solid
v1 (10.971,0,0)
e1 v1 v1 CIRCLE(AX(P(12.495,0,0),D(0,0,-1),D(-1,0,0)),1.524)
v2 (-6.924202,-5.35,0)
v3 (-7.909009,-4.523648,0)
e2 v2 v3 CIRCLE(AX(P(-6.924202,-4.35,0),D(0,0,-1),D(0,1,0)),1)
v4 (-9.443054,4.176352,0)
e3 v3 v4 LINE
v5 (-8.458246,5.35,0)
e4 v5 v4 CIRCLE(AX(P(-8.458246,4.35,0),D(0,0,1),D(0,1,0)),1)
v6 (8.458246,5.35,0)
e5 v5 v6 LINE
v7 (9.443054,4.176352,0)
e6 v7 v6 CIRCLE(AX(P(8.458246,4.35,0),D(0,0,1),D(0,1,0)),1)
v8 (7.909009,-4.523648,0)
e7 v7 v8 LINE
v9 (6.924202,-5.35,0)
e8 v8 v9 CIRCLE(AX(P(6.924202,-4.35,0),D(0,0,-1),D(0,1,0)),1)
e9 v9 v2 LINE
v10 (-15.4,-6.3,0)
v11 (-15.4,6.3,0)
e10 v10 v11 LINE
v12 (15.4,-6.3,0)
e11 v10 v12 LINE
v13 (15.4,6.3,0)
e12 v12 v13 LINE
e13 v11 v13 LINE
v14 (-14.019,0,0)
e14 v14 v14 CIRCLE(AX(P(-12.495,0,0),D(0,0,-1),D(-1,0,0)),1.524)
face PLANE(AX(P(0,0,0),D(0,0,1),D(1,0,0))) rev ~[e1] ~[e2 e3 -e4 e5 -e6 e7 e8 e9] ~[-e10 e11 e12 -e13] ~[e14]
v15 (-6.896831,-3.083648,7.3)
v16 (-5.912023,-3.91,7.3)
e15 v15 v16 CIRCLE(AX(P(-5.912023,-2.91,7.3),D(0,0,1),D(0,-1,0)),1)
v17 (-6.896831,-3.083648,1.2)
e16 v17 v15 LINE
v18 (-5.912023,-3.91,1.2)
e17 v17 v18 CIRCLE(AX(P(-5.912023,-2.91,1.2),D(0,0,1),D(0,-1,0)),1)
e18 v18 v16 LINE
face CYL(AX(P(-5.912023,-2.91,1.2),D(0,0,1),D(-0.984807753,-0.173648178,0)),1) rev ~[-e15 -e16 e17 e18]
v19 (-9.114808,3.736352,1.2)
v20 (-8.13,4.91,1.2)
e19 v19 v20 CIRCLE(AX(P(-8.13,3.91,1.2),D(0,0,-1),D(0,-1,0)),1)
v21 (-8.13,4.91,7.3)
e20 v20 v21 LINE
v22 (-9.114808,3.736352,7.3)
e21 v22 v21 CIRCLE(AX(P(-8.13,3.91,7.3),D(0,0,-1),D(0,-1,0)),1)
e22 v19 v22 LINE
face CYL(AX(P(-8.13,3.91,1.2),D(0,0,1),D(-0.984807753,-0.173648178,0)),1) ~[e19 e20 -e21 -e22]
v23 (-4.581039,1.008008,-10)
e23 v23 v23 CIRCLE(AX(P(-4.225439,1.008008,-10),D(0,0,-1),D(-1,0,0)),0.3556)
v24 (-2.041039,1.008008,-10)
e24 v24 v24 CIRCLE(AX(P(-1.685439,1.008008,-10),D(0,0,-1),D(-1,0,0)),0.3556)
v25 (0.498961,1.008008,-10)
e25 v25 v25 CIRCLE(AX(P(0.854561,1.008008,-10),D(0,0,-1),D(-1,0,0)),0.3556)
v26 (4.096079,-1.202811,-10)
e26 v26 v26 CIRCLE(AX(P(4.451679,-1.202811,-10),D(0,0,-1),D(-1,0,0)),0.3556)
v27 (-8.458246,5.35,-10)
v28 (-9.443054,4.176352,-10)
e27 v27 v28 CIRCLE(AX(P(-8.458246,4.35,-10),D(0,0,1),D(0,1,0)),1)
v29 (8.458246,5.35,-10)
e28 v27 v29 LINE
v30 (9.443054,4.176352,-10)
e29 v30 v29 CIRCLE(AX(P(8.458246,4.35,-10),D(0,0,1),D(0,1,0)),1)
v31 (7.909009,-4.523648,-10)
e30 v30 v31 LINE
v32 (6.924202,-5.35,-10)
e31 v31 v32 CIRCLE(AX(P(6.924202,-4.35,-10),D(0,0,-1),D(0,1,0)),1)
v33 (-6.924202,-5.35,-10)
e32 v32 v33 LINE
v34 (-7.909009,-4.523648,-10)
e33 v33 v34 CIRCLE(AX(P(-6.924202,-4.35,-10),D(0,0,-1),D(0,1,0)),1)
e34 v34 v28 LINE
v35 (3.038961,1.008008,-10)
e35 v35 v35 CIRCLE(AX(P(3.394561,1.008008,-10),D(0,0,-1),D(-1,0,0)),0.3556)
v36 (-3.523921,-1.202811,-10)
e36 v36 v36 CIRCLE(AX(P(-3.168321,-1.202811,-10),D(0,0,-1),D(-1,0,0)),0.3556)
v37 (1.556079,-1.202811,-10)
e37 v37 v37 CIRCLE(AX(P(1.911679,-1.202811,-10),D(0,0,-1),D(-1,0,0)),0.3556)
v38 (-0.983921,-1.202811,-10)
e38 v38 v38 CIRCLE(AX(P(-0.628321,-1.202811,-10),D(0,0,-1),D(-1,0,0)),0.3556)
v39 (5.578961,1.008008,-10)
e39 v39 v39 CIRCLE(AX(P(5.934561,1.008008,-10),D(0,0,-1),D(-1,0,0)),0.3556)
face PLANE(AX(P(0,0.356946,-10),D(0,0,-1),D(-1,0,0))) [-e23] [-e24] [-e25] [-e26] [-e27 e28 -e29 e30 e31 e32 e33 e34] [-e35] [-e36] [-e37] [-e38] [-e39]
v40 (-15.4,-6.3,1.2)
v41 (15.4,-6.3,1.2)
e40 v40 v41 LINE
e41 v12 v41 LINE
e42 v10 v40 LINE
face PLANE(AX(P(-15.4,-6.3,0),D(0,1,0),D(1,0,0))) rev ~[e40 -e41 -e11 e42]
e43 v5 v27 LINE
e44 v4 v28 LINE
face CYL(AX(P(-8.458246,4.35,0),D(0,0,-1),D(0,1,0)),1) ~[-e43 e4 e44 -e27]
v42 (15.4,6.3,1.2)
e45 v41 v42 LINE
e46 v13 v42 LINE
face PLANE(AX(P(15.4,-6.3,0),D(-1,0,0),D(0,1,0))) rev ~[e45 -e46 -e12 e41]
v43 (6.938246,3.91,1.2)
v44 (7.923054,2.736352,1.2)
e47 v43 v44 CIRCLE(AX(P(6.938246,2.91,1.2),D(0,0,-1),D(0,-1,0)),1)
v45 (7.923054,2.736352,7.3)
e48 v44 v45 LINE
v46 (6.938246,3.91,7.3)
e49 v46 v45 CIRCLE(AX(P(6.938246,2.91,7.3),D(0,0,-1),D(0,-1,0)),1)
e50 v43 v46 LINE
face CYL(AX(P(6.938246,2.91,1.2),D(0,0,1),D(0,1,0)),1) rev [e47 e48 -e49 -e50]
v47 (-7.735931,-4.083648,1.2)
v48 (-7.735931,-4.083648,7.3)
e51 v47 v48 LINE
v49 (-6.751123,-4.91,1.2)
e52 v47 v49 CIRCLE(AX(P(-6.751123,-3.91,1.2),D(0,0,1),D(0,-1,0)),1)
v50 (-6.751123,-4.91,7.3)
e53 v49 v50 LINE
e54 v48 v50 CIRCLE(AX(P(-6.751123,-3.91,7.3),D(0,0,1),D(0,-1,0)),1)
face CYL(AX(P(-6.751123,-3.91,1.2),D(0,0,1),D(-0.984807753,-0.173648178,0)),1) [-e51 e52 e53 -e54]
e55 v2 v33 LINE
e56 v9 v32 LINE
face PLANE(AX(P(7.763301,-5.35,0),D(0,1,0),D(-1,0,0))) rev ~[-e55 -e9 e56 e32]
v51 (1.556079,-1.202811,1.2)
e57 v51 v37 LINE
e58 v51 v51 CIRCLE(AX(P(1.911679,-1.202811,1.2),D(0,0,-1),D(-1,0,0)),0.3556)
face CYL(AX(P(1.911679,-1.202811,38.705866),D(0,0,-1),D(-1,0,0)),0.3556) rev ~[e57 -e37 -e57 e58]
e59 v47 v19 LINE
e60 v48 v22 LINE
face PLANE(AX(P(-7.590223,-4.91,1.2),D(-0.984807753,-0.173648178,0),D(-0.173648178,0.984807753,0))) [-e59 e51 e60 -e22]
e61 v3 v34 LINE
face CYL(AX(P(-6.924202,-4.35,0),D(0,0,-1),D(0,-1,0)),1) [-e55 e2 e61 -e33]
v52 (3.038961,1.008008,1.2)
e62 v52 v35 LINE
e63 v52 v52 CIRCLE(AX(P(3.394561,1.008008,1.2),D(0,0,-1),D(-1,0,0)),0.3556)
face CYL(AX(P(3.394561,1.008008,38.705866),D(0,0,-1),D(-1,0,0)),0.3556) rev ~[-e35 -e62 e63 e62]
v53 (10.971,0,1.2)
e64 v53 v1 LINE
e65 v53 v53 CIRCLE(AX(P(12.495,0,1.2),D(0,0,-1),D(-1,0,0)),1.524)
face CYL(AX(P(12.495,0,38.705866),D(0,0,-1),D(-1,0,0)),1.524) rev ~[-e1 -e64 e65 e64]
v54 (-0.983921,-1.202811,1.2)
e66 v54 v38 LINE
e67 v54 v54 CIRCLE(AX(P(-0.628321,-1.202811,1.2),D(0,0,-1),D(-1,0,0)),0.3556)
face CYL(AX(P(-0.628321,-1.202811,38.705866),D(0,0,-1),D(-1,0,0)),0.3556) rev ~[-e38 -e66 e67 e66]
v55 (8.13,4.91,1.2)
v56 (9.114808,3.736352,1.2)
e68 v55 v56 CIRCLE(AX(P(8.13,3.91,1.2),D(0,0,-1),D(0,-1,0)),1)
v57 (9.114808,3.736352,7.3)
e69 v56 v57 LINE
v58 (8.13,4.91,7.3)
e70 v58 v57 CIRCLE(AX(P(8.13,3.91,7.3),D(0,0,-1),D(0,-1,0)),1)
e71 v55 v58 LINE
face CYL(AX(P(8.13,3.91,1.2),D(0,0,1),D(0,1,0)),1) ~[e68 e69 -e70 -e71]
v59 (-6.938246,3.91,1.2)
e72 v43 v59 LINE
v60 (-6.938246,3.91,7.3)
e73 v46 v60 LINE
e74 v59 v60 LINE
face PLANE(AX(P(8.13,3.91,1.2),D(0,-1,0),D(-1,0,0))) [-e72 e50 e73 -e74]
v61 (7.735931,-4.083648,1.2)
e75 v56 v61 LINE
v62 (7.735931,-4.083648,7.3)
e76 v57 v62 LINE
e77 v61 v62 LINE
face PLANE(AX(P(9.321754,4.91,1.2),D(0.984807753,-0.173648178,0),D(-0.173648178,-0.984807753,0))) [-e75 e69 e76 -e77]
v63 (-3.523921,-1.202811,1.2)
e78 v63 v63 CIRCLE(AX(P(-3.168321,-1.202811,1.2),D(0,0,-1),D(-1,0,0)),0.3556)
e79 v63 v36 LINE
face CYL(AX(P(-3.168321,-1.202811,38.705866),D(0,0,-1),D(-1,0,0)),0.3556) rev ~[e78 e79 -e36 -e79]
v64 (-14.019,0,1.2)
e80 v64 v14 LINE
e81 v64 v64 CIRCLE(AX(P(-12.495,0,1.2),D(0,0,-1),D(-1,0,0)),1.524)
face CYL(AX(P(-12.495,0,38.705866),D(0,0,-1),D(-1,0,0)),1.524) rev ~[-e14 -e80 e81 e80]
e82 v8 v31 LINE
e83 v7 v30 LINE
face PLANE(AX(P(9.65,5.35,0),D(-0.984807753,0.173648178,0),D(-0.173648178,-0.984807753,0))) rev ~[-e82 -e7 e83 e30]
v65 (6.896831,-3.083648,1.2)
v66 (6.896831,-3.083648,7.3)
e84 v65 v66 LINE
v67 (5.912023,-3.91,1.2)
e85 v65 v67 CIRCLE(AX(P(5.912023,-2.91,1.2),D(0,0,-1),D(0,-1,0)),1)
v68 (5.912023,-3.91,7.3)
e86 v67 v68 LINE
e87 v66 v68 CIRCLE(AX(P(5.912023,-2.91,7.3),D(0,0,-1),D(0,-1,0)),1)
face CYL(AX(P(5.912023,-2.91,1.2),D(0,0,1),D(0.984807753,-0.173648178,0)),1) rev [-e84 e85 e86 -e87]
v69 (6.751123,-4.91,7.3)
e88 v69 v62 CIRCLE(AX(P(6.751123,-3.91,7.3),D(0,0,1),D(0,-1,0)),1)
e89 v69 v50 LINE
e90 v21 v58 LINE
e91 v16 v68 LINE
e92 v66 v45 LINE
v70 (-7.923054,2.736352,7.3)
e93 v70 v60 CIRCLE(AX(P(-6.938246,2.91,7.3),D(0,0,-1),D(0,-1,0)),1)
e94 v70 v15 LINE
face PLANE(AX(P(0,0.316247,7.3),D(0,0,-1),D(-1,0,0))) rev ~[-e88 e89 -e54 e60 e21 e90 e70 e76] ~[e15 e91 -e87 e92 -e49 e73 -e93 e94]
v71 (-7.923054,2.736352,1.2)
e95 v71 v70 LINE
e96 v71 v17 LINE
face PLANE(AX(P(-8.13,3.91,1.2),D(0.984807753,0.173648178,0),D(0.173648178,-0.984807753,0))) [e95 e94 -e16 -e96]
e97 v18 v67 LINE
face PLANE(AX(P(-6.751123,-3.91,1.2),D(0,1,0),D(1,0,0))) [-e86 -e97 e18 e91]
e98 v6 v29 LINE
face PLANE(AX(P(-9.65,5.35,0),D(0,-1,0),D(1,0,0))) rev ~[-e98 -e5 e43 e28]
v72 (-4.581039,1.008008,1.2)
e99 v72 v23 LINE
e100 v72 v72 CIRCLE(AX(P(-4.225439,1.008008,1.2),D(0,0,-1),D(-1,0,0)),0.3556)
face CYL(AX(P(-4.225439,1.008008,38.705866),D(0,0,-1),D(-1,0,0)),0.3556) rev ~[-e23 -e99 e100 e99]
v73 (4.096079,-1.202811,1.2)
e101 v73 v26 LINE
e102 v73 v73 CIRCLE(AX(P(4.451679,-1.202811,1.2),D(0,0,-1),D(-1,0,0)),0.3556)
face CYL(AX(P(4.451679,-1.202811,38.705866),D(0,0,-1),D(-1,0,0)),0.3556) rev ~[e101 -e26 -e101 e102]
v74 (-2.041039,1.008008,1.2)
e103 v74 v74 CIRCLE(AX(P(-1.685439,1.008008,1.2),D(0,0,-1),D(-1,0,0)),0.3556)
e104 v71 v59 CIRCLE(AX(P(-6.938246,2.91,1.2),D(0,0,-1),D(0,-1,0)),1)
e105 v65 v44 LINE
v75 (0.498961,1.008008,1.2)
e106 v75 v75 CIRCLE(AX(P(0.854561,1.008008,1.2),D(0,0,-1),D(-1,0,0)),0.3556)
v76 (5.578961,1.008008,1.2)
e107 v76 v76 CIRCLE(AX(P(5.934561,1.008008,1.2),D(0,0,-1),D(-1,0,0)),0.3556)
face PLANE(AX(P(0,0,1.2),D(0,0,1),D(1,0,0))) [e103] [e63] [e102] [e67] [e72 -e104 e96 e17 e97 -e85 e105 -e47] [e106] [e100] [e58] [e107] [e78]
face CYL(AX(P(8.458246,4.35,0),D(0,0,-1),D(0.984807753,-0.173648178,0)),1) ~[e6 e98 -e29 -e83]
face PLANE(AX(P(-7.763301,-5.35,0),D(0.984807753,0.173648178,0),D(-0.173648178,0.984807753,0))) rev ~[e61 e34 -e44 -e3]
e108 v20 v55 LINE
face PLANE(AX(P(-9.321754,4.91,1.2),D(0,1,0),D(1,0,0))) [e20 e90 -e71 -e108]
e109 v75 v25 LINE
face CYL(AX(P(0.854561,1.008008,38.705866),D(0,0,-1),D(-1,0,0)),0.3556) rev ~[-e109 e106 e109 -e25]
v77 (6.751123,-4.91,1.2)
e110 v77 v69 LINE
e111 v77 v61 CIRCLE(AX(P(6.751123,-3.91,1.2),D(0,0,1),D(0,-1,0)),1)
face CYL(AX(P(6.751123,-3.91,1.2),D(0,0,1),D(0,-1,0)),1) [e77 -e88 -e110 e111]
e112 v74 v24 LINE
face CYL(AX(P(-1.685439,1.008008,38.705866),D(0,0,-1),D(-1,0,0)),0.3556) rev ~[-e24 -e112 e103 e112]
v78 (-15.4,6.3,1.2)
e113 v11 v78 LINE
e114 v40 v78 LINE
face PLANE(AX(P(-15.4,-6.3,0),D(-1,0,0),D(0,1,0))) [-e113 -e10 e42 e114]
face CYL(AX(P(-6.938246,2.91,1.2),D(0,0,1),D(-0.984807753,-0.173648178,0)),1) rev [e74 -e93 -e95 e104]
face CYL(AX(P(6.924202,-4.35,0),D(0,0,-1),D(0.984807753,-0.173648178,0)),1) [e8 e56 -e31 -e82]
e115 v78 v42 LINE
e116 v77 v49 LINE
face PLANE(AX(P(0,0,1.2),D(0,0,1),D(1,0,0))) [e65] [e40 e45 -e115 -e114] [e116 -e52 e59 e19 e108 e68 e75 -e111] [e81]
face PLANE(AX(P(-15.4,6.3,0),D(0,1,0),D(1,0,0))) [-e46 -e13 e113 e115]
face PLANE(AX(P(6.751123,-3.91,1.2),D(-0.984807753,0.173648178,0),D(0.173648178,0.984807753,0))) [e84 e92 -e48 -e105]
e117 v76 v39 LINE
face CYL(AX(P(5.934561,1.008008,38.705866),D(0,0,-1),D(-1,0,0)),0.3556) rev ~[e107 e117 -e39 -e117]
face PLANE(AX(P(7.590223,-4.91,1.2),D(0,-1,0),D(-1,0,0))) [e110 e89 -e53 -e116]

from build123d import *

# Parameters (mm, degrees)
SKETCH_1_W             = 30.8
SKETCH_1_H             = 12.6
EXTRUDE_1_DEPTH        = 1.2
EXTRUDE_2_DEPTH        = 6.1
EXTRUDE_3_DEPTH        = 10
HOLE_WIZARD_0000_1_D   = 0.7112
HOLE_WIZARD_0000_2_D   = 0.7112
PATTERN_LINEAR_1_COUNT = 5
PATTERN_LINEAR_1_PITCH = 2.54
PATTERN_LINEAR_2_COUNT = 4
PATTERN_LINEAR_2_PITCH = 2.54
HOLE_WIZARD_3_2_D      = 3.048
FILLET_1_R             = 1


with BuildPart() as part:
    # ｽｹｯﾁ1 → ﾎﾞｽ - 押し出し1 (new body)
    with BuildSketch(Plane.XY):
        Rectangle(SKETCH_1_W, SKETCH_1_H)
    extrude(amount=EXTRUDE_1_DEPTH)

    # ｽｹｯﾁ2 → ﾎﾞｽ - 押し出し2 (add)
    with BuildSketch(Plane.XY.offset(1.2)):
        Polygon((-9.321753593, 4.91), (9.321753593, 4.91), (7.590222642, -4.91), (-7.590222642, -4.91), align=None)
        Polygon((-6.751123011, -3.91), (6.751123011, -3.91), (8.13, 3.91), (-8.13, 3.91), align=None, mode=Mode.SUBTRACT)
    extrude(amount=EXTRUDE_2_DEPTH)

    # ｽｹｯﾁ3 → ﾎﾞｽ - 押し出し3 (add)
    with BuildSketch(Plane(origin=(0, 0, 0), x_dir=(-1, 0, 0), z_dir=(0, 0, -1))):
        Polygon((-7.763301306, -5.35), (7.763301306, -5.35), (9.65, 5.35), (-9.65, 5.35), align=None)
    extrude(amount=EXTRUDE_3_DEPTH)

    # #0000 すきま穴1 (through all)
    with Locations(Plane(origin=(-4.225439316, 1.008007938, 1.2), x_dir=(1, 0, 0), z_dir=(0, 0, 1))):
        with Locations((0, 0)):
            hole_wizard_0000_1 = Hole(HOLE_WIZARD_0000_1_D / 2)

    # #0000 すきま穴2 (through all)
    with Locations(Plane(origin=(-3.168321124, -1.202810505, 1.2), x_dir=(1, 0, 0), z_dir=(0, 0, 1))):
        with Locations((0, 0)):
            hole_wizard_0000_2 = Hole(HOLE_WIZARD_0000_2_D / 2)

    # 直線ﾊﾟﾀｰﾝ1: #0000 すきま穴1 ×5
    with Locations(*[(i * PATTERN_LINEAR_1_PITCH, 0, 0) for i in range(1, PATTERN_LINEAR_1_COUNT)]):
        add(hole_wizard_0000_1, mode=Mode.SUBTRACT)

    # 直線ﾊﾟﾀｰﾝ2: #0000 すきま穴2 ×4
    with Locations(*[(i * PATTERN_LINEAR_2_PITCH, 0, 0) for i in range(1, PATTERN_LINEAR_2_COUNT)]):
        add(hole_wizard_0000_2, mode=Mode.SUBTRACT)

    # #3 すきま穴2 (through all)
    with Locations(Plane(origin=(-12.495, 0, 1.2), x_dir=(1, 0, 0), z_dir=(0, 0, 1))):
        with Locations((0, 0), (24.99, 0)):
            Hole(HOLE_WIZARD_3_2_D / 2)

    # ﾌｨﾚｯﾄ1
    fillet_1_edges = [part.edges().sort_by_distance(p)[0] for p in [
        (-9.321753593, 4.91, 4.25),
        (-7.590222642, -4.91, 4.25),
        (7.590222642, -4.91, 4.25),
        (9.321753593, 4.91, 4.25),
        (8.13, 3.91, 4.25),
        (-8.13, 3.91, 4.25),
        (-6.751123011, -3.91, 4.25),
        (6.751123011, -3.91, 4.25),
        (-7.763301306, -5.35, -5),
        (-9.65, 5.35, -5),
        (9.65, 5.35, -5),
        (7.763301306, -5.35, -5),
    ]]
    fillet(fillet_1_edges, radius=FILLET_1_R)


solid = part.part
